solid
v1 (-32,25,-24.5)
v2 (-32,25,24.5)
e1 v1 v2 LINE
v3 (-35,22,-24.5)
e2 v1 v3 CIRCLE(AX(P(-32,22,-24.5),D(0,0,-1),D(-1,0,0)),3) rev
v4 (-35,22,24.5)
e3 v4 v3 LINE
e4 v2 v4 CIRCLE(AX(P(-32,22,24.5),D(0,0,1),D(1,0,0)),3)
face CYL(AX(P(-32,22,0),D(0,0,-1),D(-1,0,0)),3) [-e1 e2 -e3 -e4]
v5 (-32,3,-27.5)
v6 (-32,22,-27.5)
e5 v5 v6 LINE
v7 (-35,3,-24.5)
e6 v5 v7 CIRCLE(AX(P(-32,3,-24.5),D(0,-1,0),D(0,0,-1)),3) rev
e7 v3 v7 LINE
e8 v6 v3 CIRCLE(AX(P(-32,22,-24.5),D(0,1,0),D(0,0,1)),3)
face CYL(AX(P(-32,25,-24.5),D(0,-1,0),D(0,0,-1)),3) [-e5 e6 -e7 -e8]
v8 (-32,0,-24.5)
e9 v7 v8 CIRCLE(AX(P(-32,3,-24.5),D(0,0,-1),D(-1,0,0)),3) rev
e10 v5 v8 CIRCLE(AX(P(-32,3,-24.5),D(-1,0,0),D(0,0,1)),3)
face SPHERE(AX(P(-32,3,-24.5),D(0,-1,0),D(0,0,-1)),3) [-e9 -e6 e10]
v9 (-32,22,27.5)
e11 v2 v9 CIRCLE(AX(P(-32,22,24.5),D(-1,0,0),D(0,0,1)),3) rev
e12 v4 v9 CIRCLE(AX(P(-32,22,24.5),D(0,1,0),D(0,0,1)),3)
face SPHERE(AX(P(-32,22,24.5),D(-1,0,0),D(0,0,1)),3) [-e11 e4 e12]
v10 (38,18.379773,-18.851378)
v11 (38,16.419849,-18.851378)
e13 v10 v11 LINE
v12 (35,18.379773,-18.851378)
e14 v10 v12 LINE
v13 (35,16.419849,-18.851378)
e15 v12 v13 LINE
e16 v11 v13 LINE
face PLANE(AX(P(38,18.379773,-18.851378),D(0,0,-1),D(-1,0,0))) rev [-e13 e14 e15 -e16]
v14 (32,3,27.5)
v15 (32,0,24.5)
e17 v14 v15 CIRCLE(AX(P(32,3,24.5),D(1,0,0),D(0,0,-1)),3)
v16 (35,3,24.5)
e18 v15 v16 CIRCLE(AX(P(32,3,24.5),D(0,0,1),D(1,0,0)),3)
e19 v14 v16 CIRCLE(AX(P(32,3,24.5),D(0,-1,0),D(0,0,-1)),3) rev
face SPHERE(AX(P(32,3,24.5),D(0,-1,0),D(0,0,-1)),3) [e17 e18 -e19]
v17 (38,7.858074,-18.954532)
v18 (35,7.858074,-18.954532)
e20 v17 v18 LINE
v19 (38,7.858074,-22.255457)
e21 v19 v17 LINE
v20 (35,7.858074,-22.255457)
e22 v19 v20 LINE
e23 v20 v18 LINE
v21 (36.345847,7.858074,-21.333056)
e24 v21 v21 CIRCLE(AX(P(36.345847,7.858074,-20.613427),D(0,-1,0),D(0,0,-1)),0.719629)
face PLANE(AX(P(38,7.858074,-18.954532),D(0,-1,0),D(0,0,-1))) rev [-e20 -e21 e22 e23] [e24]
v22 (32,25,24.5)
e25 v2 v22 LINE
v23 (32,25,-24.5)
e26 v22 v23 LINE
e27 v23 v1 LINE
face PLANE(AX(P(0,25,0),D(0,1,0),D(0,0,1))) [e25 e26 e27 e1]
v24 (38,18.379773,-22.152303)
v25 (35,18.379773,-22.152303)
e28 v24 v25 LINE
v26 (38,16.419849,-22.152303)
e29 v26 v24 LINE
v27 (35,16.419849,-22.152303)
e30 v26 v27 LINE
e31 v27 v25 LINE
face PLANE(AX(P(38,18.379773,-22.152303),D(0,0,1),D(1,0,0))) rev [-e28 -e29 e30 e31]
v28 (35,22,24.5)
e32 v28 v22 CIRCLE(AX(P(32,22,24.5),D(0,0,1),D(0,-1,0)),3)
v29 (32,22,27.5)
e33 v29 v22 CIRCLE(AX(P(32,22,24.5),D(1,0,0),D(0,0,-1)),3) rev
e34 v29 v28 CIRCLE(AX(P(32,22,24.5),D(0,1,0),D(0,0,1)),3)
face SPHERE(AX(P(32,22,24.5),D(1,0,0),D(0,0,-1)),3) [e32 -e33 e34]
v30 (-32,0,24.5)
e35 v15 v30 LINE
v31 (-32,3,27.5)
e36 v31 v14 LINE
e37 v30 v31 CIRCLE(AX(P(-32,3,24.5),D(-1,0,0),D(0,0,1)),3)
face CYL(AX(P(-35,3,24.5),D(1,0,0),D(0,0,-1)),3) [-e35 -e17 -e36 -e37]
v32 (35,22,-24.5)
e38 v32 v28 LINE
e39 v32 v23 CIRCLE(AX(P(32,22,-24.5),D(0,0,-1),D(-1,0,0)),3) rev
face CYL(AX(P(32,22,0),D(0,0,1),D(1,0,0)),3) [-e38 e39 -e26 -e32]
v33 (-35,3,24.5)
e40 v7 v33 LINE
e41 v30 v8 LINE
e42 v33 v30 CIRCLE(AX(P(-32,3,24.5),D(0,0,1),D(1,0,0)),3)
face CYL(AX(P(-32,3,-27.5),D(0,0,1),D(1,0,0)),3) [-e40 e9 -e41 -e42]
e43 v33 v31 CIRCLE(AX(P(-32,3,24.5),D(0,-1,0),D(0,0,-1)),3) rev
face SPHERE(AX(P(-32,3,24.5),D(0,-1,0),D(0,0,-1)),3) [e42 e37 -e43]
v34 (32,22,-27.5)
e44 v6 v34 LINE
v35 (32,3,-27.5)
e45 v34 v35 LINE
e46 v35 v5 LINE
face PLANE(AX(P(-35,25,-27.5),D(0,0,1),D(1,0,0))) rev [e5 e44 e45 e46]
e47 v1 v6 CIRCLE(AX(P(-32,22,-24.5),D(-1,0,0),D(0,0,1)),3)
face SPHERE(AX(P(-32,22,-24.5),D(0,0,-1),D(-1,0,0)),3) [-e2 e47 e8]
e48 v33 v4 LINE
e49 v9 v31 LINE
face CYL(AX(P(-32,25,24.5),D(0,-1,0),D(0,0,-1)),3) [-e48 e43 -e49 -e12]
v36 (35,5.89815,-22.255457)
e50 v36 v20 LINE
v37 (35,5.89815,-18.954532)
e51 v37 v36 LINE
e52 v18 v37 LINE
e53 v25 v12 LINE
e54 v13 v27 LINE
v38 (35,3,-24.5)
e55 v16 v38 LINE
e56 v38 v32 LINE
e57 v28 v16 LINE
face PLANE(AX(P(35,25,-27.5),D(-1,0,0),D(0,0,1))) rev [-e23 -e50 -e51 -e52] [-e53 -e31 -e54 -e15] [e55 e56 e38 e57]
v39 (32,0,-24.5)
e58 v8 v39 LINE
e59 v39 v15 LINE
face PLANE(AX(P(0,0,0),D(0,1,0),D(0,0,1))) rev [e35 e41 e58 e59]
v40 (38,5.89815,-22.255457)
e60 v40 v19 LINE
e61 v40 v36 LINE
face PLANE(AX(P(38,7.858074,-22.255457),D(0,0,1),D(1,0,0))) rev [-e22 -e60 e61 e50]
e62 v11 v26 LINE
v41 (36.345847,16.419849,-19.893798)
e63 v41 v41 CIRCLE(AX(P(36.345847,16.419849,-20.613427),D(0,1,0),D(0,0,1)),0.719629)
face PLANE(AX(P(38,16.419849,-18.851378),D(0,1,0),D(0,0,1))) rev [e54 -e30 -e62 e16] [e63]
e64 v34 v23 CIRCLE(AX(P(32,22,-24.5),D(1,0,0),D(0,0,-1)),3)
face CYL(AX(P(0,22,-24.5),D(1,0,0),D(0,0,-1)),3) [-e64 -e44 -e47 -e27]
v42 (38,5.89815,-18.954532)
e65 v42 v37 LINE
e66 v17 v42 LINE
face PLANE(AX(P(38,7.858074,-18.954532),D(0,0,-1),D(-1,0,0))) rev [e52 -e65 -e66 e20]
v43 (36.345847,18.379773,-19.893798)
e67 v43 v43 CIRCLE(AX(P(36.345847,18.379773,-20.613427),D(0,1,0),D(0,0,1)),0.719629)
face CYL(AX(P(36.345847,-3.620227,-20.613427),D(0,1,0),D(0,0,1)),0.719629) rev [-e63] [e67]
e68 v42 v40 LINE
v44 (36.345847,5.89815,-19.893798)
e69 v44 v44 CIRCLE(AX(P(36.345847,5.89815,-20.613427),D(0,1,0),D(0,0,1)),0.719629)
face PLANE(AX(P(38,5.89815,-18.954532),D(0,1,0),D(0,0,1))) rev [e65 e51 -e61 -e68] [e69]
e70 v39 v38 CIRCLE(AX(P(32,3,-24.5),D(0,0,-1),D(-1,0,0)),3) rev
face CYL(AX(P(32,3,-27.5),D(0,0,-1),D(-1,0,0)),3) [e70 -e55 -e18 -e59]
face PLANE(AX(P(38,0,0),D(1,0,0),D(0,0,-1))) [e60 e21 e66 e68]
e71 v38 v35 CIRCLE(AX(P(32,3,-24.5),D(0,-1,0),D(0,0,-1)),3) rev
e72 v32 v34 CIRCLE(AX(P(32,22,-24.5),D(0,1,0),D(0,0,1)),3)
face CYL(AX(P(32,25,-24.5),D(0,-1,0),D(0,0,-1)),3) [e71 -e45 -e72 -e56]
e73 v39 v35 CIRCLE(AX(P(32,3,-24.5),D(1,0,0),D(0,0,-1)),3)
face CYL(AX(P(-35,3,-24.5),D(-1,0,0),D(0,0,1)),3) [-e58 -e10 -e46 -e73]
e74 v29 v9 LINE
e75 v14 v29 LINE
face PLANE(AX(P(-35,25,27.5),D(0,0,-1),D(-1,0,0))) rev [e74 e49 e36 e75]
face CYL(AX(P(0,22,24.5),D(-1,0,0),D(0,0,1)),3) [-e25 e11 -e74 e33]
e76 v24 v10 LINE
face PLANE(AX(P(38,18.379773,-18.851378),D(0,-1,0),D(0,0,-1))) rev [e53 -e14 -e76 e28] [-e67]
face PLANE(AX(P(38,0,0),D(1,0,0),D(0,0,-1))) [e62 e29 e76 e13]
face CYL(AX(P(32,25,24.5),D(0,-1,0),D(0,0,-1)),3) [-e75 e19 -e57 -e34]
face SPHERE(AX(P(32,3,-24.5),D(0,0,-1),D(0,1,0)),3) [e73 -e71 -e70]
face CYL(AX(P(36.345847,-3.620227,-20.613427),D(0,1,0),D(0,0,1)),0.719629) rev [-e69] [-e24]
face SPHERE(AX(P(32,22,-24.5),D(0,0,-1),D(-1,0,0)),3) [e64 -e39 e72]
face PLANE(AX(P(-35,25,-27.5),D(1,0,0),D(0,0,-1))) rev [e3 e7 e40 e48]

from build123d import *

# Parameters (mm, degrees)
SKETCH1_W           = 70
SKETCH1_H           = 55
BOSS_EXTRUDE1_DEPTH = 25
FILLET1_R           = 3
SKETCH2_W           = 3.300925217
SKETCH2_H           = 1.959924347
BOSS_EXTRUDE2_DEPTH = 3
SKETCH3_R           = 0.719628756
CUT_EXTRUDE1_DEPTH  = 22


with BuildPart() as part:
    # Sketch1 → Boss-Extrude1 (new body)
    with BuildSketch(Plane(origin=(0, 0, 0), x_dir=(1, 0, 0), z_dir=(0, 1, 0))):
        Rectangle(SKETCH1_W, SKETCH1_H)
    extrude(amount=BOSS_EXTRUDE1_DEPTH)

    # Fillet1
    fillet1_edges = [part.edges().sort_by_distance(p)[0] for p in [
        (-35, 25, 0),
        (0, 25, 27.5),
        (35, 25, 0),
        (0, 0, 27.5),
        (-35, 0, 0),
        (0, 0, -27.5),
        (35, 0, 0),
        (35, 12.5, 27.5),
        (-35, 12.5, 27.5),
        (-35, 12.5, -27.5),
        (35, 12.5, -27.5),
        (0, 25, -27.5),
    ]]
    fillet(fillet1_edges, radius=FILLET1_R)

    # Sketch2 → Boss-Extrude2 (add)
    with BuildSketch(Plane(origin=(35, 0, 0), x_dir=(0, 0, -1), z_dir=(1, 0, 0))):
        with Locations((20.501840212, 17.399810869)):
            Rectangle(SKETCH2_W, SKETCH2_H)
        with Locations((20.604994125, 6.87811174)):
            Rectangle(SKETCH2_W, SKETCH2_H)
    extrude(amount=BOSS_EXTRUDE2_DEPTH)

    # Sketch3 → Cut-Extrude1 (cut)
    with BuildSketch(Plane(origin=(0, 18.379773042, 0), x_dir=(1, 0, 0), z_dir=(0, 1, 0))):
        with Locations(Location((36.345846873, 20.613426823, 0), (0, 0, 270))):
            Circle(SKETCH3_R)
    extrude(amount=-CUT_EXTRUDE1_DEPTH, mode=Mode.SUBTRACT)


solid = part.part
